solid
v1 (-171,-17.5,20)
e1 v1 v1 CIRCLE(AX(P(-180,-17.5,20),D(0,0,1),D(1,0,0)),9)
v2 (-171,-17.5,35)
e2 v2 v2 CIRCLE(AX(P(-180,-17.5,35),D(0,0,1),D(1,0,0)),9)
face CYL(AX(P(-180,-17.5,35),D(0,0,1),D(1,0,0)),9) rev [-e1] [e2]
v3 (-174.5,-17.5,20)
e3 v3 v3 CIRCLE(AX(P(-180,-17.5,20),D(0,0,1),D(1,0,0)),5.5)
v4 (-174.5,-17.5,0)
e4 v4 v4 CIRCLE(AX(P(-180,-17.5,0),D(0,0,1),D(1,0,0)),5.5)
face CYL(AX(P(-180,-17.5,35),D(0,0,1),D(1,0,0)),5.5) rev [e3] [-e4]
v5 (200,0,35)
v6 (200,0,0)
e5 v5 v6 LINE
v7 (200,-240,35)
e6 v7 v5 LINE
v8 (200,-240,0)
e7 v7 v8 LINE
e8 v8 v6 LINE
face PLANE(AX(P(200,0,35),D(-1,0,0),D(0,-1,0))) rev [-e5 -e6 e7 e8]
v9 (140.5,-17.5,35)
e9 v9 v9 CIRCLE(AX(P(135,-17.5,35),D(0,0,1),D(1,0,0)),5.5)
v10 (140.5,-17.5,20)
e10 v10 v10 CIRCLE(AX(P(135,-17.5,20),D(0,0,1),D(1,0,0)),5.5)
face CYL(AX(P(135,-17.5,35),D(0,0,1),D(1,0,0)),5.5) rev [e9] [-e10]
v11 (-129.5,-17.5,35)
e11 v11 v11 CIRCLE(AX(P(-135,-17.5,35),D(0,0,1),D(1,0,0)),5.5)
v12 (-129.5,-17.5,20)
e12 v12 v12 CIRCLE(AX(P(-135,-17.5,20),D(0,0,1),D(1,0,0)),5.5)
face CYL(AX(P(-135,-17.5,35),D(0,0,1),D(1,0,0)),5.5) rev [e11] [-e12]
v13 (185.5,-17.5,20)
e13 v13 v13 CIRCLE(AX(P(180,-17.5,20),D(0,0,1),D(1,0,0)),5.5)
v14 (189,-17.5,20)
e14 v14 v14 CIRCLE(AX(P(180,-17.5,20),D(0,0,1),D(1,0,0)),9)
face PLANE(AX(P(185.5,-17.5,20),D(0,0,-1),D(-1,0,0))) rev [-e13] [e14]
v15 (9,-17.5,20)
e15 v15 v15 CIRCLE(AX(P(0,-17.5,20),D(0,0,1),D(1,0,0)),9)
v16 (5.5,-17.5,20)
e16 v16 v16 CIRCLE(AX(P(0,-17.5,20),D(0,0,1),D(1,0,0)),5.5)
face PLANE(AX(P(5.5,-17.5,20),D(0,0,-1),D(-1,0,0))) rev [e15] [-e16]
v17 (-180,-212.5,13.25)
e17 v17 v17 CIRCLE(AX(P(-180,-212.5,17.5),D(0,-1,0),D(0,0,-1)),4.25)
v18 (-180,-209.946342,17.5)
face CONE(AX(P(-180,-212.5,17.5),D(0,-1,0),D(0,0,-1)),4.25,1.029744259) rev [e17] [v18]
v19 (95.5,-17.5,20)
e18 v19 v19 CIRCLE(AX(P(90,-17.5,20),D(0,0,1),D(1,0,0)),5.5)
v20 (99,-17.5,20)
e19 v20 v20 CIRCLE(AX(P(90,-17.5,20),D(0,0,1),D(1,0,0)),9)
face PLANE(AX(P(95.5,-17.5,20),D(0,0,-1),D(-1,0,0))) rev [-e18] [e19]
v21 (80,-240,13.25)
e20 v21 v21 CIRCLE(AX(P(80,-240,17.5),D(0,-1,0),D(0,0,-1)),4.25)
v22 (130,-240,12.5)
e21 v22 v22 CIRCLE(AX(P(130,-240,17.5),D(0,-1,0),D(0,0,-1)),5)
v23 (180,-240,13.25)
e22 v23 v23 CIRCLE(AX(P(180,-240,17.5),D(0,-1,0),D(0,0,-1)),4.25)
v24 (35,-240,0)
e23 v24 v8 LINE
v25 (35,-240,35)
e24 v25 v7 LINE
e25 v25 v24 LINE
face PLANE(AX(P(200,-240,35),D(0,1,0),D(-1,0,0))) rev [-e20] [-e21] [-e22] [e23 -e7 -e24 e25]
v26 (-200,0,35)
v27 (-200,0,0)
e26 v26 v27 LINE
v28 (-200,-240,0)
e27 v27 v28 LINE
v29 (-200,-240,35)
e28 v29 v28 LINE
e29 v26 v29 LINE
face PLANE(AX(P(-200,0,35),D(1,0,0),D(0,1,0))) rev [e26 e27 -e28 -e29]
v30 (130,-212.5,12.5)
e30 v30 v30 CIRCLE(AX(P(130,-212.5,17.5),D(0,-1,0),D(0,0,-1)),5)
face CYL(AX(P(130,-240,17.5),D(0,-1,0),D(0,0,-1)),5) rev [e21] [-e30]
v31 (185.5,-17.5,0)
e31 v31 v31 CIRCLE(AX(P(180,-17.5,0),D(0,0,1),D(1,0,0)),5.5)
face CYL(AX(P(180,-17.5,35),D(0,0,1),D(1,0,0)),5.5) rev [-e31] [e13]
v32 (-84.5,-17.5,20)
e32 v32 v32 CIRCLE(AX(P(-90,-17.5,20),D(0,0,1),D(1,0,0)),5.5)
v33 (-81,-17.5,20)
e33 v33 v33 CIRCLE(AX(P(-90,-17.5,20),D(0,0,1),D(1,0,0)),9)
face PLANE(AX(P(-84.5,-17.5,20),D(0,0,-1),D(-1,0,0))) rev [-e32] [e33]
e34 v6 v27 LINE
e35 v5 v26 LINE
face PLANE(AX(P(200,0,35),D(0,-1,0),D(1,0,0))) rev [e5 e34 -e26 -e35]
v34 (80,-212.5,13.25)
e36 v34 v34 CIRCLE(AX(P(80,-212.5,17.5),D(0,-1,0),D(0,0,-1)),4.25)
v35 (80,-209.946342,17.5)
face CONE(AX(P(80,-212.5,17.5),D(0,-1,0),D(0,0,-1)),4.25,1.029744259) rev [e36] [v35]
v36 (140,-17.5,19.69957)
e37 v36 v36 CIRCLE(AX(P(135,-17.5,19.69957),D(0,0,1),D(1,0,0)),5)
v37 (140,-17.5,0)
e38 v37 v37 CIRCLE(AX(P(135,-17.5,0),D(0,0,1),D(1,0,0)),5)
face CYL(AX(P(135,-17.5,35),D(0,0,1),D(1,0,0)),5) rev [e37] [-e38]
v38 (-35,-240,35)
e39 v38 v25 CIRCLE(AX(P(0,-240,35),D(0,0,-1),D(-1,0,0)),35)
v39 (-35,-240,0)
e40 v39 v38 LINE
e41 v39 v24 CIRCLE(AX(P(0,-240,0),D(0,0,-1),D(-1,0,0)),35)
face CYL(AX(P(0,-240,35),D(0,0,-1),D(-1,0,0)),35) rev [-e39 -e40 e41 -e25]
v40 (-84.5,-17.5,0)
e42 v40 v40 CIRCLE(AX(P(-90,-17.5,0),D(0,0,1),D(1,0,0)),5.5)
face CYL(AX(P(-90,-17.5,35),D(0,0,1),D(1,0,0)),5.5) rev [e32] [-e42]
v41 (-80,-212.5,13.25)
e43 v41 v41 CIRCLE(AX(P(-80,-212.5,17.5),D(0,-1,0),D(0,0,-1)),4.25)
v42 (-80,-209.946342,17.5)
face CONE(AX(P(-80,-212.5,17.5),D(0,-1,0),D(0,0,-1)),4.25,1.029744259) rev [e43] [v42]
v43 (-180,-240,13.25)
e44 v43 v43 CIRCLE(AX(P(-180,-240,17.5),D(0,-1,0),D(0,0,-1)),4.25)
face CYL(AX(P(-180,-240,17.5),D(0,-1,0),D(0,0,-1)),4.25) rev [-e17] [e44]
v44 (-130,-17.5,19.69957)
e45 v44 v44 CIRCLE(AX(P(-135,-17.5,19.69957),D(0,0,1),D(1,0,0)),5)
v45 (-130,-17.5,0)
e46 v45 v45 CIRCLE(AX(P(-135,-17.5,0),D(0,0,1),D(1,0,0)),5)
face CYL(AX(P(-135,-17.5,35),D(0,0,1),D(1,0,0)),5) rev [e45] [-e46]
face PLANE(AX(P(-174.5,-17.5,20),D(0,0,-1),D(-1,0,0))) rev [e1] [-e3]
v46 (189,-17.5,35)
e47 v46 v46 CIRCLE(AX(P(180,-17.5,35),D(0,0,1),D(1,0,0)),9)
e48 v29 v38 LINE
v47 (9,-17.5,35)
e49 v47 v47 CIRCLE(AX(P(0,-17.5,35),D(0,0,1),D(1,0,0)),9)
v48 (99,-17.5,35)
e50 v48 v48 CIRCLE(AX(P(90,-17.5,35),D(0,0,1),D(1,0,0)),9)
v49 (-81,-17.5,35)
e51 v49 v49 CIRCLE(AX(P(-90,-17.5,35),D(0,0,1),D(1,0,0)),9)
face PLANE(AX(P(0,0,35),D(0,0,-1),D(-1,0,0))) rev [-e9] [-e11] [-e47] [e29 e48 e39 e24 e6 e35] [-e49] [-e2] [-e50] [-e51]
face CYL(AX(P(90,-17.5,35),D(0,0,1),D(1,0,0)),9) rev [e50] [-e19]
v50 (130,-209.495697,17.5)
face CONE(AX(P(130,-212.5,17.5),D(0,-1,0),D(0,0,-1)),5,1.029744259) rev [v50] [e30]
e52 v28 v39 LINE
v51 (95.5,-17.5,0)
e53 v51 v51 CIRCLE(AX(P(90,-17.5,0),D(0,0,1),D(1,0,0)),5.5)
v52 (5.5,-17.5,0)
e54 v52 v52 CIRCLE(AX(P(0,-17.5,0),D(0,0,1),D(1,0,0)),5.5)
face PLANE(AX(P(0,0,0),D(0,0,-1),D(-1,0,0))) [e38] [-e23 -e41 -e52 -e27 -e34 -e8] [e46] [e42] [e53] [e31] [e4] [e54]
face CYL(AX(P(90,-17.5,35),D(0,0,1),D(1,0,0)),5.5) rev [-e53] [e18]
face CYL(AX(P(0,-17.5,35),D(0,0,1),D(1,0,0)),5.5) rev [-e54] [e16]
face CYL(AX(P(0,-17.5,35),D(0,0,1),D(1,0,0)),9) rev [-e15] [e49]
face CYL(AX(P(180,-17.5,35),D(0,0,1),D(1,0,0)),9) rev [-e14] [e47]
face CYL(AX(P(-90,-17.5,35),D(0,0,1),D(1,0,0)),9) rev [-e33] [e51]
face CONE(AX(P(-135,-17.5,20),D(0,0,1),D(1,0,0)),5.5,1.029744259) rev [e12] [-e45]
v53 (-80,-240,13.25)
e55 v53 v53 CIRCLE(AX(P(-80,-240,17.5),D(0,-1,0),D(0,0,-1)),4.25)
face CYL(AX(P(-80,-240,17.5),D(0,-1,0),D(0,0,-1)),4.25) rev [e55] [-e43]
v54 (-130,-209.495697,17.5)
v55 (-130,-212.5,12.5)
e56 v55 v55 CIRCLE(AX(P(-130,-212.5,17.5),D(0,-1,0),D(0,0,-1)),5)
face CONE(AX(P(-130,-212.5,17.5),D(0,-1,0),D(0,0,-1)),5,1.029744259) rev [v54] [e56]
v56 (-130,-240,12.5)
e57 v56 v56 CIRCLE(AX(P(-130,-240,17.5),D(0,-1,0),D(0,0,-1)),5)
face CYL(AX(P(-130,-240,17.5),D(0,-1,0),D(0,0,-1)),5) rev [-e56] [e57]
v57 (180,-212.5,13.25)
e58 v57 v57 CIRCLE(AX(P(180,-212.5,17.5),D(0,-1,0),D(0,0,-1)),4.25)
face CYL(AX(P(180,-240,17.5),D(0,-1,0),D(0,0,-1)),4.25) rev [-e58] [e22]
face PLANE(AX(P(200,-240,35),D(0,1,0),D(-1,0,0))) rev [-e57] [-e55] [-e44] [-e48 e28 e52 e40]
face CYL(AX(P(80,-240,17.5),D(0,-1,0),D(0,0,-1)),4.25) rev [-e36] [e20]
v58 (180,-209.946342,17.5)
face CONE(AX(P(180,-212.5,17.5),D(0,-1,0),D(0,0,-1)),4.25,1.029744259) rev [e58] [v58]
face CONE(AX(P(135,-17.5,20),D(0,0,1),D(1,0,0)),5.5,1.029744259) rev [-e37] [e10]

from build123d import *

# Parameters (mm, degrees)
ESBO_O1_W                                            = 400
ESBO_O1_H                                            = 240
RESSALTO_EXTRUS_O1_DEPTH                             = 35
ESBO_O2_R                                            = 35
CORTE_EXTRUS_O1_DEPTH                                = 315.364438192
FURO_ROSCADO_DE_M101_D                               = 8.5
FURO_ROSCADO_DE_M101_DEPTH                           = 27.5
FURO_ROSCADO_DE_M101_TIP                             = 2.553657631
FUROS_GUIA_COM_10_0MM1_D                             = 10
FUROS_GUIA_COM_10_0MM1_DEPTH                         = 27.5
FUROS_GUIA_COM_10_0MM1_TIP                           = 3.004303095
REBAIXO_PARA_PARAFUSO_ALLEN_SEXTAVADO_DE_D           = 11
REBAIXO_PARA_PARAFUSO_ALLEN_SEXTAVADO_DE_CBORE_D     = 18
REBAIXO_PARA_PARAFUSO_ALLEN_SEXTAVADO_DE_CBORE_DEPTH = 15
FUROS_GUIA_COM_10_0MM2_D                             = 10
FURO_DE_DI_METRO_11_0_11_1_D                         = 11
FURO_DE_DI_METRO_11_0_11_1_DEPTH                     = 15
FURO_DE_DI_METRO_11_0_11_1_TIP                       = 3.304733405


with BuildPart() as part:
    # Esboço1 → Ressalto-extrusão1 (new body)
    with BuildSketch(Plane.XY):
        with Locations((0, -120)):
            Rectangle(ESBO_O1_W, ESBO_O1_H)
    extrude(amount=RESSALTO_EXTRUS_O1_DEPTH)

    # Esboço2 → Corte-extrusão1 (cut, through all)
    with BuildSketch(Plane(origin=(0, 0, 0), x_dir=(-1, 0, 0), z_dir=(0, 0, -1))):
        with Locations((0, -240)):
            Circle(ESBO_O2_R)
    extrude(amount=-CORTE_EXTRUS_O1_DEPTH, mode=Mode.SUBTRACT)

    # Furo roscado de M101
    with Locations(Plane(origin=(0, -240, 0), x_dir=(-1, 0, 0), z_dir=(0, -1, 0))):
        with Locations((-180, -17.5), (-80, -17.5), (80, -17.5), (180, -17.5)):
            Hole(FURO_ROSCADO_DE_M101_D / 2, depth=FURO_ROSCADO_DE_M101_DEPTH)
            with Locations((0, 0, -(FURO_ROSCADO_DE_M101_DEPTH + FURO_ROSCADO_DE_M101_TIP / 2))):  # 118° drill point
                Cone(0, FURO_ROSCADO_DE_M101_D / 2, FURO_ROSCADO_DE_M101_TIP, mode=Mode.SUBTRACT)

    # Furos-guia com Ø10.0mm1
    with Locations(Plane(origin=(0, -240, 0), x_dir=(-1, 0, 0), z_dir=(0, -1, 0))):
        with Locations((-130, -17.5), (130, -17.5)):
            Hole(FUROS_GUIA_COM_10_0MM1_D / 2, depth=FUROS_GUIA_COM_10_0MM1_DEPTH)
            with Locations((0, 0, -(FUROS_GUIA_COM_10_0MM1_DEPTH + FUROS_GUIA_COM_10_0MM1_TIP / 2))):  # 118° drill point
                Cone(0, FUROS_GUIA_COM_10_0MM1_D / 2, FUROS_GUIA_COM_10_0MM1_TIP, mode=Mode.SUBTRACT)

    # Rebaixo para parafuso Allen sextavado de M101 (through all)
    with Locations(Plane.XY.offset(35)):
        with Locations((180, -17.5), (90, -17.5), (0, -17.5), (-90, -17.5), (-180, -17.5)):
            CounterBoreHole(REBAIXO_PARA_PARAFUSO_ALLEN_SEXTAVADO_DE_D / 2, REBAIXO_PARA_PARAFUSO_ALLEN_SEXTAVADO_DE_CBORE_D / 2, REBAIXO_PARA_PARAFUSO_ALLEN_SEXTAVADO_DE_CBORE_DEPTH)

    # Furos-guia com Ø10.0mm2 (through all)
    with Locations(Plane.XY.offset(35)):
        with Locations((135, -17.5), (-135, -17.5)):
            Hole(FUROS_GUIA_COM_10_0MM2_D / 2)

    # Furo de diâmetro Ø11.0 (11)1
    with Locations(Plane.XY.offset(35)):
        with Locations((135, -17.5), (-135, -17.5)):
            Hole(FURO_DE_DI_METRO_11_0_11_1_D / 2, depth=FURO_DE_DI_METRO_11_0_11_1_DEPTH)
            with Locations((0, 0, -(FURO_DE_DI_METRO_11_0_11_1_DEPTH + FURO_DE_DI_METRO_11_0_11_1_TIP / 2))):  # 118° drill point
                Cone(0, FURO_DE_DI_METRO_11_0_11_1_D / 2, FURO_DE_DI_METRO_11_0_11_1_TIP, mode=Mode.SUBTRACT)


solid = part.part
